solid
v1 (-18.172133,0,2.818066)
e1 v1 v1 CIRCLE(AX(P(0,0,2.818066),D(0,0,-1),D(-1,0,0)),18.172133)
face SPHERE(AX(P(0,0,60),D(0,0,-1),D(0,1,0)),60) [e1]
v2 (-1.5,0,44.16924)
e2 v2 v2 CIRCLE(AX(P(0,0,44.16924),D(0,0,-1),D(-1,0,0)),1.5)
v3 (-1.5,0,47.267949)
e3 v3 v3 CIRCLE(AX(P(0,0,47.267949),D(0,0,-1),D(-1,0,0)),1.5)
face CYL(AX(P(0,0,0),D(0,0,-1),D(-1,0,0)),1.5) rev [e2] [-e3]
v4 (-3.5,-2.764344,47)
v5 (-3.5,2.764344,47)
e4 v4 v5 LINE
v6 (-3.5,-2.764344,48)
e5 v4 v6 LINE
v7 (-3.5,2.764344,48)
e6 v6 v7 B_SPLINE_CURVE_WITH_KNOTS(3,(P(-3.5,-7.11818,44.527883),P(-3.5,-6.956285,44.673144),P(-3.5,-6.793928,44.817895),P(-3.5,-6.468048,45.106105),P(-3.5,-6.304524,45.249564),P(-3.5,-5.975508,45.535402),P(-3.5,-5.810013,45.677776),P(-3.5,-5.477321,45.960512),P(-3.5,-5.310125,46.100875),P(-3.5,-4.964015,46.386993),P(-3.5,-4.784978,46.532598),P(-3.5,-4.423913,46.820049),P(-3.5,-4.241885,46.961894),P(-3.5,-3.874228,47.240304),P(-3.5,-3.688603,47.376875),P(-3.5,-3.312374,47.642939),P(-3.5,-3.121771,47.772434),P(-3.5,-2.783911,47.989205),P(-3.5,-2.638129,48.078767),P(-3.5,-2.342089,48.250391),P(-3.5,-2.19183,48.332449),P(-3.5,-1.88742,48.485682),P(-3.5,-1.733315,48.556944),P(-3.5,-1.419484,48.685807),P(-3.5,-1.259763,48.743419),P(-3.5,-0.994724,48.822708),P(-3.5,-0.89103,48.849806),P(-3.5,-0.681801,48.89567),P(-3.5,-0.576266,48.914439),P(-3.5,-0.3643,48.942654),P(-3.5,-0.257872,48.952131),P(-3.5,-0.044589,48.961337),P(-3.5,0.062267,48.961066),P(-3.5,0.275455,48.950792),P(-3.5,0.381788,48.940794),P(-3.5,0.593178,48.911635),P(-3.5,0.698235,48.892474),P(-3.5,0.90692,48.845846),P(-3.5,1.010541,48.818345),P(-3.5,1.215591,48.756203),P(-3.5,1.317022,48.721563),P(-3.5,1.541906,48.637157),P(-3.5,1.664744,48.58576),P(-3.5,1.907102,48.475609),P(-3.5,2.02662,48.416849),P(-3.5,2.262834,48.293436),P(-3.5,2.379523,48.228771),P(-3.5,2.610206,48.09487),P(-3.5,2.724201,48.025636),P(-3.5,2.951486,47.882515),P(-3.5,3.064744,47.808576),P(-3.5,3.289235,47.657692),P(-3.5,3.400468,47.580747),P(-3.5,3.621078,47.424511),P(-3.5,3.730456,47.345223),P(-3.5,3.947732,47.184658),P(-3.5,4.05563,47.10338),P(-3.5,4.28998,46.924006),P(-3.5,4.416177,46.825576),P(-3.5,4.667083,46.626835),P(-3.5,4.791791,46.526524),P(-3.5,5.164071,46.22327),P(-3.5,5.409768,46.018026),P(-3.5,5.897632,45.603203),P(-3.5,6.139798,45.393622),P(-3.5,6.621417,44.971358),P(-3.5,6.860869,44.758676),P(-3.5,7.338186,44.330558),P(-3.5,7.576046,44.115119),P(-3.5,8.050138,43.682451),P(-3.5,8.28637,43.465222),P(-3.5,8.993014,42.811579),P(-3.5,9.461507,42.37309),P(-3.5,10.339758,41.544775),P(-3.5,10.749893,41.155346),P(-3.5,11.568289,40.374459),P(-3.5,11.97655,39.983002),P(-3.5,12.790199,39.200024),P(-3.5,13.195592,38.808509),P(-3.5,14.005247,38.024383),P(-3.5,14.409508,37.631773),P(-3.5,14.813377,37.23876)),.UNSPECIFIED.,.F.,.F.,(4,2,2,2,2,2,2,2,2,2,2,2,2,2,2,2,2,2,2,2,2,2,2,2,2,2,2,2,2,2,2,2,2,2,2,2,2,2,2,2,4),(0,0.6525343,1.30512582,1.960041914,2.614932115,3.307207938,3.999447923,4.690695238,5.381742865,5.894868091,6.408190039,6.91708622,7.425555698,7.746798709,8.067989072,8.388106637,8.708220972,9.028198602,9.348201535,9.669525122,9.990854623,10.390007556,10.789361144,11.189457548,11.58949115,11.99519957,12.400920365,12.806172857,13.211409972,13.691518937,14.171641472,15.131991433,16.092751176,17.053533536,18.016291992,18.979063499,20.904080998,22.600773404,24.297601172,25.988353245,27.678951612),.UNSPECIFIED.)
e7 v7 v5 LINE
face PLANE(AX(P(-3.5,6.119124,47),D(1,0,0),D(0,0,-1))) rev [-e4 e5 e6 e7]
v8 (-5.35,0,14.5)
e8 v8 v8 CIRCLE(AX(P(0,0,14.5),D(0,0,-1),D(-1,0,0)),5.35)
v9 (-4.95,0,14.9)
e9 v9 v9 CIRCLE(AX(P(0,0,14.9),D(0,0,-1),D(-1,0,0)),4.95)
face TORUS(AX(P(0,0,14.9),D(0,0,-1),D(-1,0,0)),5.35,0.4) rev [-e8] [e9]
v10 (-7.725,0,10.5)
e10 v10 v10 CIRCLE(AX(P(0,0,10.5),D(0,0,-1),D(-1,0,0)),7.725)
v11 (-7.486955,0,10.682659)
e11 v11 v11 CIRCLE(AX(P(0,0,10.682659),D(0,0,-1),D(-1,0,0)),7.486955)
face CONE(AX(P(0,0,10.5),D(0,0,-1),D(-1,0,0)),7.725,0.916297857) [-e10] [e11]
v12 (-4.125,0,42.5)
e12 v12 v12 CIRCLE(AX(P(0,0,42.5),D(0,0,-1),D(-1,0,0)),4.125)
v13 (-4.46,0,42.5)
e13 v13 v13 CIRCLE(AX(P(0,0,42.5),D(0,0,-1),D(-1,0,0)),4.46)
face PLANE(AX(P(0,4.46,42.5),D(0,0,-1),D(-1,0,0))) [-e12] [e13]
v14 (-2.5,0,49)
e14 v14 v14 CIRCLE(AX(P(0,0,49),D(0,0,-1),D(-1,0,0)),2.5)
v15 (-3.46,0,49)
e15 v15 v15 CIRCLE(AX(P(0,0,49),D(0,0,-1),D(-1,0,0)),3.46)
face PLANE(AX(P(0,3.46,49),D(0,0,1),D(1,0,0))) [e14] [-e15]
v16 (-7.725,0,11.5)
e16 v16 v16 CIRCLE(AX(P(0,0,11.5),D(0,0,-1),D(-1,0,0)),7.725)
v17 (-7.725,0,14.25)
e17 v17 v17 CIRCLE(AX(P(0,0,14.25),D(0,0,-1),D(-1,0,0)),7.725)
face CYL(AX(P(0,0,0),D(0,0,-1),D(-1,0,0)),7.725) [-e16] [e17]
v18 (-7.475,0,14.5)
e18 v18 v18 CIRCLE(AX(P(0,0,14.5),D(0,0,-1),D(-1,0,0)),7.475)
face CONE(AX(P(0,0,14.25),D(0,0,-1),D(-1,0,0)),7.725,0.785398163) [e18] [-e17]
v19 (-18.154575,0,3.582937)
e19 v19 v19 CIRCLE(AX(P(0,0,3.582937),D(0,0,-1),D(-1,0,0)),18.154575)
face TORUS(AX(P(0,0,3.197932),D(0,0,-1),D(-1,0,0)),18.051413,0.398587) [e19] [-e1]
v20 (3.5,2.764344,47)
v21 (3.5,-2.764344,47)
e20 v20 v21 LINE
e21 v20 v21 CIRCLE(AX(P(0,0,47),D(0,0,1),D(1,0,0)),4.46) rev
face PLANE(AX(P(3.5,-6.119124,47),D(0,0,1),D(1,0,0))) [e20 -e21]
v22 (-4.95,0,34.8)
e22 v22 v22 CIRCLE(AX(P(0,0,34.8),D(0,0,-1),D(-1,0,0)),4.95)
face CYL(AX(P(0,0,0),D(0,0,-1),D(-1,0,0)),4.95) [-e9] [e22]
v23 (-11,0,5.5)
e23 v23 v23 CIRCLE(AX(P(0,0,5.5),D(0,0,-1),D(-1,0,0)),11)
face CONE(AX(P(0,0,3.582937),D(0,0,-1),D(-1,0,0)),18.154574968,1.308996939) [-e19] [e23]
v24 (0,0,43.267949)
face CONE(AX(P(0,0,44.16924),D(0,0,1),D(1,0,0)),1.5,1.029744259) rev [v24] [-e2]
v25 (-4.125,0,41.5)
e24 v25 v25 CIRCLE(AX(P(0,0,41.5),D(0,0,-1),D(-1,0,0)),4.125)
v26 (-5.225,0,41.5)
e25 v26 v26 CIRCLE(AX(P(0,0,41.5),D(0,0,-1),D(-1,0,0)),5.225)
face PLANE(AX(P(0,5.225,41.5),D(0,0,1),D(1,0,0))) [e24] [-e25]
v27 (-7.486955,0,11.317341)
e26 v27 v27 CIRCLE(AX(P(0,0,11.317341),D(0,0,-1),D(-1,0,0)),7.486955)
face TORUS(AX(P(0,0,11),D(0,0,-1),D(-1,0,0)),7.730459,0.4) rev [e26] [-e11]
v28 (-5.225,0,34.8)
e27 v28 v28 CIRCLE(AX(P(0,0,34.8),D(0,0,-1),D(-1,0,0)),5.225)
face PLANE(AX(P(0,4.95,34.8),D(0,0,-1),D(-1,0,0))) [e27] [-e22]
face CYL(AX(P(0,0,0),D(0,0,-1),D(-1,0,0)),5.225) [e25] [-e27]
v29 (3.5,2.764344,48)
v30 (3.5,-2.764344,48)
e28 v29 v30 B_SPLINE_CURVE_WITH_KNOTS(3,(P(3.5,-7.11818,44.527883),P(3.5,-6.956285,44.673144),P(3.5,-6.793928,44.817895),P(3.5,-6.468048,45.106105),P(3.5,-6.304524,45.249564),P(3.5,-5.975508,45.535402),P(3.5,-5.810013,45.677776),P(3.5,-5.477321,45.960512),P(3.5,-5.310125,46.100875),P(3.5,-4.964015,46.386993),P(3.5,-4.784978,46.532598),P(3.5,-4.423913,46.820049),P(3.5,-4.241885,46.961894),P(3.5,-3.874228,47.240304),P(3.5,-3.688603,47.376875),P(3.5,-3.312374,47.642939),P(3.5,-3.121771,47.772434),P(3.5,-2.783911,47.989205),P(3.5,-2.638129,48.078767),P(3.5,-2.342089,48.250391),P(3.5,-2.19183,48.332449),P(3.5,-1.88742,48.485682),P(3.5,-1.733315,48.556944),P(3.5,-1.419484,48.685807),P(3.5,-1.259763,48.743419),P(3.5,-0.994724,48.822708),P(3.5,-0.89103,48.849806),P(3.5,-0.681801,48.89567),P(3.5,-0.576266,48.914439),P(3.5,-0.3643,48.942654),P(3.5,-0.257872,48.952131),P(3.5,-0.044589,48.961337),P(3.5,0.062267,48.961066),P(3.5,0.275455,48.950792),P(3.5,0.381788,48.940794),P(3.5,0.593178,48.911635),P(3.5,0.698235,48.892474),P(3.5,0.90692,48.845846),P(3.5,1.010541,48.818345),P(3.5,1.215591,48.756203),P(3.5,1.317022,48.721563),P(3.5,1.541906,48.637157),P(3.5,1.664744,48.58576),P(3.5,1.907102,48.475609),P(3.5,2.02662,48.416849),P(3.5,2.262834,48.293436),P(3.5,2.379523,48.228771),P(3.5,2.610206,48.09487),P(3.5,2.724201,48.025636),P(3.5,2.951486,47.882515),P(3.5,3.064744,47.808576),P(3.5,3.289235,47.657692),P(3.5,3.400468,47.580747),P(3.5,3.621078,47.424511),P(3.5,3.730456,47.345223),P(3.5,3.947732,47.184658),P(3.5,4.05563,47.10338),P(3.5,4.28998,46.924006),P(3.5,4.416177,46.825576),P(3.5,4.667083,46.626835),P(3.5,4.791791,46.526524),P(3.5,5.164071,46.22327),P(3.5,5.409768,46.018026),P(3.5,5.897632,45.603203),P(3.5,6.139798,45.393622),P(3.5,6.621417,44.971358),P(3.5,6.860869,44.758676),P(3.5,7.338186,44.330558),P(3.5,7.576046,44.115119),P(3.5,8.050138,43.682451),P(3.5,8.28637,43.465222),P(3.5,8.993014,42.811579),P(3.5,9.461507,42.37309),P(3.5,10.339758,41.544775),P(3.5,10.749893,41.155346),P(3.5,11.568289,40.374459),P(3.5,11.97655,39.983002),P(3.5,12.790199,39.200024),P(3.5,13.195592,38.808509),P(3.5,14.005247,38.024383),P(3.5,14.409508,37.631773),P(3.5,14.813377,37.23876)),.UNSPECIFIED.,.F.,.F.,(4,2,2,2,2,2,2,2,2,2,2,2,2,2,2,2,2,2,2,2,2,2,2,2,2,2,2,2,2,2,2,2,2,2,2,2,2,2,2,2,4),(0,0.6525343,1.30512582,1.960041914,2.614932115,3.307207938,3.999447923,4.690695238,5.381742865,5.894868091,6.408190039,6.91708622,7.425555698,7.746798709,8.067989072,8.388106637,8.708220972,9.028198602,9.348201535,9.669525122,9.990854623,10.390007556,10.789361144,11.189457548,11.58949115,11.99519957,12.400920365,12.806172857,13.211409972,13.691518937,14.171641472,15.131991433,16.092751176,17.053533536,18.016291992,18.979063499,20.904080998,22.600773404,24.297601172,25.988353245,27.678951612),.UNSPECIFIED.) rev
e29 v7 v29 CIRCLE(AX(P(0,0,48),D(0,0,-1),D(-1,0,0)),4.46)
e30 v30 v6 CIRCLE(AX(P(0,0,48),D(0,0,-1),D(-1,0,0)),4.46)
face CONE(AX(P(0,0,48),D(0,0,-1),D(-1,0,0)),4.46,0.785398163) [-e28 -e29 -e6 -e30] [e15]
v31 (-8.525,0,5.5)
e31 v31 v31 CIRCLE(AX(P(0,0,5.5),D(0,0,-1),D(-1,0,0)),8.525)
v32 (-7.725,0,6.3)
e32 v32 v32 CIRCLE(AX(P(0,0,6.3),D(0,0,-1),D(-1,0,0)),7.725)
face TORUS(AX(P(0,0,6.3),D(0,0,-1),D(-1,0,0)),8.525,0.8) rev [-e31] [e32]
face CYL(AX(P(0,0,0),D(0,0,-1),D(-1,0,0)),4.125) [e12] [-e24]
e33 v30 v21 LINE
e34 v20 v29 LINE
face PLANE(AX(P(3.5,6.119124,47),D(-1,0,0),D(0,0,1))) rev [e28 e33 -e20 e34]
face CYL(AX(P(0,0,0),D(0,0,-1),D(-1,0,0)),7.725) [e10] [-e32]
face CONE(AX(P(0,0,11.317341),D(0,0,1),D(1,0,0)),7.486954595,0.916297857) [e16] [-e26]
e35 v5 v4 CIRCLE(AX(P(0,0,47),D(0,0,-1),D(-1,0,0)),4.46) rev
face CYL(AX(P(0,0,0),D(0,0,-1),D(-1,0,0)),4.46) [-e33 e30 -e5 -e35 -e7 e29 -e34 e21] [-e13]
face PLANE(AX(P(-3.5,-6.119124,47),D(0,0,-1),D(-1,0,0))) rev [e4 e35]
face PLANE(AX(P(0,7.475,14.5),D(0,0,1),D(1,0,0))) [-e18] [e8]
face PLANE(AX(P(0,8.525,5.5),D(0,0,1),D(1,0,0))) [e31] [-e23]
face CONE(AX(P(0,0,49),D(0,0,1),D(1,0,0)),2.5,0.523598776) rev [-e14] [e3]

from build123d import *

# Parameters (mm, degrees)
SKETCH2_W          = 5.640914366
SKETCH2_H          = 12.238248986
CUT_EXTRUDE1_DEPTH = 2


with BuildPart() as part:
    # Sketch1 → Revolve1 (revolve)
    with BuildSketch(Plane(origin=(0, 0, 0), x_dir=(0, 0, -1), z_dir=(1, 0, 0)), mode=Mode.PRIVATE) as revolve1_sk:
        with BuildLine():
            Line((-14.25, 7.725), (-11.5, 7.725))
            Line((-11.5, 7.725), (-11.317341336, 7.486954595))
            ThreePointArc((-11.317341336, 7.486954595), (-11, 7.330459166), (-10.682658664, 7.486954595))
            Line((-10.682658664, 7.486954595), (-10.5, 7.725))
            Line((-10.5, 7.725), (-6.3, 7.725))
            ThreePointArc((-6.3, 7.725), (-5.734314575, 7.959314575), (-5.5, 8.525))
            Line((-5.5, 8.525), (-5.5, 11))
            Line((-5.5, 11), (-3.582937415, 18.154574968))
            ThreePointArc((-3.582937415, 18.154574968), (-3.207079201, 18.449895027), (-2.818065836, 18.172132655))
            ThreePointArc((-2.818065836, 18.172132655), (-0.708701946, 9.194671015), (0, 0))
            Line((0, 0), (-43.267949192, 0))
            Line((-43.267949192, 0), (-44.169240121, 1.5))
            Line((-44.169240121, 1.5), (-47.267949192, 1.5))
            Line((-47.267949192, 1.5), (-49, 2.5))
            Line((-49, 2.5), (-49, 3.46))
            Line((-49, 3.46), (-48, 4.46))
            Line((-48, 4.46), (-42.5, 4.46))
            Line((-42.5, 4.46), (-42.5, 4.125))
            Line((-42.5, 4.125), (-41.5, 4.125))
            Line((-41.5, 4.125), (-41.5, 5.225))
            Line((-41.5, 5.225), (-34.8, 5.225))
            Line((-34.8, 5.225), (-34.8, 4.95))
            Line((-34.8, 4.95), (-14.9, 4.95))
            ThreePointArc((-14.9, 4.95), (-14.617157288, 5.067157288), (-14.5, 5.35))
            Line((-14.5, 5.35), (-14.5, 7.475))
            Line((-14.5, 7.475), (-14.25, 7.725))
        make_face()
    revolve(revolve1_sk.sketch.rotate(Axis((0, 0, 0), (0, 0, 1)), 90), axis=Axis((0, 0, 0), (0, 0, 1)))

    # Sketch2 → Cut-Extrude1 (cut)
    with BuildSketch(Plane.XY.offset(49)):
        with Locations((6.320457183, 0)):
            Rectangle(SKETCH2_W, SKETCH2_H)
        with Locations((-6.320457183, 0)):
            Rectangle(SKETCH2_W, SKETCH2_H)
    extrude(amount=-CUT_EXTRUDE1_DEPTH, mode=Mode.SUBTRACT)


solid = part.part
